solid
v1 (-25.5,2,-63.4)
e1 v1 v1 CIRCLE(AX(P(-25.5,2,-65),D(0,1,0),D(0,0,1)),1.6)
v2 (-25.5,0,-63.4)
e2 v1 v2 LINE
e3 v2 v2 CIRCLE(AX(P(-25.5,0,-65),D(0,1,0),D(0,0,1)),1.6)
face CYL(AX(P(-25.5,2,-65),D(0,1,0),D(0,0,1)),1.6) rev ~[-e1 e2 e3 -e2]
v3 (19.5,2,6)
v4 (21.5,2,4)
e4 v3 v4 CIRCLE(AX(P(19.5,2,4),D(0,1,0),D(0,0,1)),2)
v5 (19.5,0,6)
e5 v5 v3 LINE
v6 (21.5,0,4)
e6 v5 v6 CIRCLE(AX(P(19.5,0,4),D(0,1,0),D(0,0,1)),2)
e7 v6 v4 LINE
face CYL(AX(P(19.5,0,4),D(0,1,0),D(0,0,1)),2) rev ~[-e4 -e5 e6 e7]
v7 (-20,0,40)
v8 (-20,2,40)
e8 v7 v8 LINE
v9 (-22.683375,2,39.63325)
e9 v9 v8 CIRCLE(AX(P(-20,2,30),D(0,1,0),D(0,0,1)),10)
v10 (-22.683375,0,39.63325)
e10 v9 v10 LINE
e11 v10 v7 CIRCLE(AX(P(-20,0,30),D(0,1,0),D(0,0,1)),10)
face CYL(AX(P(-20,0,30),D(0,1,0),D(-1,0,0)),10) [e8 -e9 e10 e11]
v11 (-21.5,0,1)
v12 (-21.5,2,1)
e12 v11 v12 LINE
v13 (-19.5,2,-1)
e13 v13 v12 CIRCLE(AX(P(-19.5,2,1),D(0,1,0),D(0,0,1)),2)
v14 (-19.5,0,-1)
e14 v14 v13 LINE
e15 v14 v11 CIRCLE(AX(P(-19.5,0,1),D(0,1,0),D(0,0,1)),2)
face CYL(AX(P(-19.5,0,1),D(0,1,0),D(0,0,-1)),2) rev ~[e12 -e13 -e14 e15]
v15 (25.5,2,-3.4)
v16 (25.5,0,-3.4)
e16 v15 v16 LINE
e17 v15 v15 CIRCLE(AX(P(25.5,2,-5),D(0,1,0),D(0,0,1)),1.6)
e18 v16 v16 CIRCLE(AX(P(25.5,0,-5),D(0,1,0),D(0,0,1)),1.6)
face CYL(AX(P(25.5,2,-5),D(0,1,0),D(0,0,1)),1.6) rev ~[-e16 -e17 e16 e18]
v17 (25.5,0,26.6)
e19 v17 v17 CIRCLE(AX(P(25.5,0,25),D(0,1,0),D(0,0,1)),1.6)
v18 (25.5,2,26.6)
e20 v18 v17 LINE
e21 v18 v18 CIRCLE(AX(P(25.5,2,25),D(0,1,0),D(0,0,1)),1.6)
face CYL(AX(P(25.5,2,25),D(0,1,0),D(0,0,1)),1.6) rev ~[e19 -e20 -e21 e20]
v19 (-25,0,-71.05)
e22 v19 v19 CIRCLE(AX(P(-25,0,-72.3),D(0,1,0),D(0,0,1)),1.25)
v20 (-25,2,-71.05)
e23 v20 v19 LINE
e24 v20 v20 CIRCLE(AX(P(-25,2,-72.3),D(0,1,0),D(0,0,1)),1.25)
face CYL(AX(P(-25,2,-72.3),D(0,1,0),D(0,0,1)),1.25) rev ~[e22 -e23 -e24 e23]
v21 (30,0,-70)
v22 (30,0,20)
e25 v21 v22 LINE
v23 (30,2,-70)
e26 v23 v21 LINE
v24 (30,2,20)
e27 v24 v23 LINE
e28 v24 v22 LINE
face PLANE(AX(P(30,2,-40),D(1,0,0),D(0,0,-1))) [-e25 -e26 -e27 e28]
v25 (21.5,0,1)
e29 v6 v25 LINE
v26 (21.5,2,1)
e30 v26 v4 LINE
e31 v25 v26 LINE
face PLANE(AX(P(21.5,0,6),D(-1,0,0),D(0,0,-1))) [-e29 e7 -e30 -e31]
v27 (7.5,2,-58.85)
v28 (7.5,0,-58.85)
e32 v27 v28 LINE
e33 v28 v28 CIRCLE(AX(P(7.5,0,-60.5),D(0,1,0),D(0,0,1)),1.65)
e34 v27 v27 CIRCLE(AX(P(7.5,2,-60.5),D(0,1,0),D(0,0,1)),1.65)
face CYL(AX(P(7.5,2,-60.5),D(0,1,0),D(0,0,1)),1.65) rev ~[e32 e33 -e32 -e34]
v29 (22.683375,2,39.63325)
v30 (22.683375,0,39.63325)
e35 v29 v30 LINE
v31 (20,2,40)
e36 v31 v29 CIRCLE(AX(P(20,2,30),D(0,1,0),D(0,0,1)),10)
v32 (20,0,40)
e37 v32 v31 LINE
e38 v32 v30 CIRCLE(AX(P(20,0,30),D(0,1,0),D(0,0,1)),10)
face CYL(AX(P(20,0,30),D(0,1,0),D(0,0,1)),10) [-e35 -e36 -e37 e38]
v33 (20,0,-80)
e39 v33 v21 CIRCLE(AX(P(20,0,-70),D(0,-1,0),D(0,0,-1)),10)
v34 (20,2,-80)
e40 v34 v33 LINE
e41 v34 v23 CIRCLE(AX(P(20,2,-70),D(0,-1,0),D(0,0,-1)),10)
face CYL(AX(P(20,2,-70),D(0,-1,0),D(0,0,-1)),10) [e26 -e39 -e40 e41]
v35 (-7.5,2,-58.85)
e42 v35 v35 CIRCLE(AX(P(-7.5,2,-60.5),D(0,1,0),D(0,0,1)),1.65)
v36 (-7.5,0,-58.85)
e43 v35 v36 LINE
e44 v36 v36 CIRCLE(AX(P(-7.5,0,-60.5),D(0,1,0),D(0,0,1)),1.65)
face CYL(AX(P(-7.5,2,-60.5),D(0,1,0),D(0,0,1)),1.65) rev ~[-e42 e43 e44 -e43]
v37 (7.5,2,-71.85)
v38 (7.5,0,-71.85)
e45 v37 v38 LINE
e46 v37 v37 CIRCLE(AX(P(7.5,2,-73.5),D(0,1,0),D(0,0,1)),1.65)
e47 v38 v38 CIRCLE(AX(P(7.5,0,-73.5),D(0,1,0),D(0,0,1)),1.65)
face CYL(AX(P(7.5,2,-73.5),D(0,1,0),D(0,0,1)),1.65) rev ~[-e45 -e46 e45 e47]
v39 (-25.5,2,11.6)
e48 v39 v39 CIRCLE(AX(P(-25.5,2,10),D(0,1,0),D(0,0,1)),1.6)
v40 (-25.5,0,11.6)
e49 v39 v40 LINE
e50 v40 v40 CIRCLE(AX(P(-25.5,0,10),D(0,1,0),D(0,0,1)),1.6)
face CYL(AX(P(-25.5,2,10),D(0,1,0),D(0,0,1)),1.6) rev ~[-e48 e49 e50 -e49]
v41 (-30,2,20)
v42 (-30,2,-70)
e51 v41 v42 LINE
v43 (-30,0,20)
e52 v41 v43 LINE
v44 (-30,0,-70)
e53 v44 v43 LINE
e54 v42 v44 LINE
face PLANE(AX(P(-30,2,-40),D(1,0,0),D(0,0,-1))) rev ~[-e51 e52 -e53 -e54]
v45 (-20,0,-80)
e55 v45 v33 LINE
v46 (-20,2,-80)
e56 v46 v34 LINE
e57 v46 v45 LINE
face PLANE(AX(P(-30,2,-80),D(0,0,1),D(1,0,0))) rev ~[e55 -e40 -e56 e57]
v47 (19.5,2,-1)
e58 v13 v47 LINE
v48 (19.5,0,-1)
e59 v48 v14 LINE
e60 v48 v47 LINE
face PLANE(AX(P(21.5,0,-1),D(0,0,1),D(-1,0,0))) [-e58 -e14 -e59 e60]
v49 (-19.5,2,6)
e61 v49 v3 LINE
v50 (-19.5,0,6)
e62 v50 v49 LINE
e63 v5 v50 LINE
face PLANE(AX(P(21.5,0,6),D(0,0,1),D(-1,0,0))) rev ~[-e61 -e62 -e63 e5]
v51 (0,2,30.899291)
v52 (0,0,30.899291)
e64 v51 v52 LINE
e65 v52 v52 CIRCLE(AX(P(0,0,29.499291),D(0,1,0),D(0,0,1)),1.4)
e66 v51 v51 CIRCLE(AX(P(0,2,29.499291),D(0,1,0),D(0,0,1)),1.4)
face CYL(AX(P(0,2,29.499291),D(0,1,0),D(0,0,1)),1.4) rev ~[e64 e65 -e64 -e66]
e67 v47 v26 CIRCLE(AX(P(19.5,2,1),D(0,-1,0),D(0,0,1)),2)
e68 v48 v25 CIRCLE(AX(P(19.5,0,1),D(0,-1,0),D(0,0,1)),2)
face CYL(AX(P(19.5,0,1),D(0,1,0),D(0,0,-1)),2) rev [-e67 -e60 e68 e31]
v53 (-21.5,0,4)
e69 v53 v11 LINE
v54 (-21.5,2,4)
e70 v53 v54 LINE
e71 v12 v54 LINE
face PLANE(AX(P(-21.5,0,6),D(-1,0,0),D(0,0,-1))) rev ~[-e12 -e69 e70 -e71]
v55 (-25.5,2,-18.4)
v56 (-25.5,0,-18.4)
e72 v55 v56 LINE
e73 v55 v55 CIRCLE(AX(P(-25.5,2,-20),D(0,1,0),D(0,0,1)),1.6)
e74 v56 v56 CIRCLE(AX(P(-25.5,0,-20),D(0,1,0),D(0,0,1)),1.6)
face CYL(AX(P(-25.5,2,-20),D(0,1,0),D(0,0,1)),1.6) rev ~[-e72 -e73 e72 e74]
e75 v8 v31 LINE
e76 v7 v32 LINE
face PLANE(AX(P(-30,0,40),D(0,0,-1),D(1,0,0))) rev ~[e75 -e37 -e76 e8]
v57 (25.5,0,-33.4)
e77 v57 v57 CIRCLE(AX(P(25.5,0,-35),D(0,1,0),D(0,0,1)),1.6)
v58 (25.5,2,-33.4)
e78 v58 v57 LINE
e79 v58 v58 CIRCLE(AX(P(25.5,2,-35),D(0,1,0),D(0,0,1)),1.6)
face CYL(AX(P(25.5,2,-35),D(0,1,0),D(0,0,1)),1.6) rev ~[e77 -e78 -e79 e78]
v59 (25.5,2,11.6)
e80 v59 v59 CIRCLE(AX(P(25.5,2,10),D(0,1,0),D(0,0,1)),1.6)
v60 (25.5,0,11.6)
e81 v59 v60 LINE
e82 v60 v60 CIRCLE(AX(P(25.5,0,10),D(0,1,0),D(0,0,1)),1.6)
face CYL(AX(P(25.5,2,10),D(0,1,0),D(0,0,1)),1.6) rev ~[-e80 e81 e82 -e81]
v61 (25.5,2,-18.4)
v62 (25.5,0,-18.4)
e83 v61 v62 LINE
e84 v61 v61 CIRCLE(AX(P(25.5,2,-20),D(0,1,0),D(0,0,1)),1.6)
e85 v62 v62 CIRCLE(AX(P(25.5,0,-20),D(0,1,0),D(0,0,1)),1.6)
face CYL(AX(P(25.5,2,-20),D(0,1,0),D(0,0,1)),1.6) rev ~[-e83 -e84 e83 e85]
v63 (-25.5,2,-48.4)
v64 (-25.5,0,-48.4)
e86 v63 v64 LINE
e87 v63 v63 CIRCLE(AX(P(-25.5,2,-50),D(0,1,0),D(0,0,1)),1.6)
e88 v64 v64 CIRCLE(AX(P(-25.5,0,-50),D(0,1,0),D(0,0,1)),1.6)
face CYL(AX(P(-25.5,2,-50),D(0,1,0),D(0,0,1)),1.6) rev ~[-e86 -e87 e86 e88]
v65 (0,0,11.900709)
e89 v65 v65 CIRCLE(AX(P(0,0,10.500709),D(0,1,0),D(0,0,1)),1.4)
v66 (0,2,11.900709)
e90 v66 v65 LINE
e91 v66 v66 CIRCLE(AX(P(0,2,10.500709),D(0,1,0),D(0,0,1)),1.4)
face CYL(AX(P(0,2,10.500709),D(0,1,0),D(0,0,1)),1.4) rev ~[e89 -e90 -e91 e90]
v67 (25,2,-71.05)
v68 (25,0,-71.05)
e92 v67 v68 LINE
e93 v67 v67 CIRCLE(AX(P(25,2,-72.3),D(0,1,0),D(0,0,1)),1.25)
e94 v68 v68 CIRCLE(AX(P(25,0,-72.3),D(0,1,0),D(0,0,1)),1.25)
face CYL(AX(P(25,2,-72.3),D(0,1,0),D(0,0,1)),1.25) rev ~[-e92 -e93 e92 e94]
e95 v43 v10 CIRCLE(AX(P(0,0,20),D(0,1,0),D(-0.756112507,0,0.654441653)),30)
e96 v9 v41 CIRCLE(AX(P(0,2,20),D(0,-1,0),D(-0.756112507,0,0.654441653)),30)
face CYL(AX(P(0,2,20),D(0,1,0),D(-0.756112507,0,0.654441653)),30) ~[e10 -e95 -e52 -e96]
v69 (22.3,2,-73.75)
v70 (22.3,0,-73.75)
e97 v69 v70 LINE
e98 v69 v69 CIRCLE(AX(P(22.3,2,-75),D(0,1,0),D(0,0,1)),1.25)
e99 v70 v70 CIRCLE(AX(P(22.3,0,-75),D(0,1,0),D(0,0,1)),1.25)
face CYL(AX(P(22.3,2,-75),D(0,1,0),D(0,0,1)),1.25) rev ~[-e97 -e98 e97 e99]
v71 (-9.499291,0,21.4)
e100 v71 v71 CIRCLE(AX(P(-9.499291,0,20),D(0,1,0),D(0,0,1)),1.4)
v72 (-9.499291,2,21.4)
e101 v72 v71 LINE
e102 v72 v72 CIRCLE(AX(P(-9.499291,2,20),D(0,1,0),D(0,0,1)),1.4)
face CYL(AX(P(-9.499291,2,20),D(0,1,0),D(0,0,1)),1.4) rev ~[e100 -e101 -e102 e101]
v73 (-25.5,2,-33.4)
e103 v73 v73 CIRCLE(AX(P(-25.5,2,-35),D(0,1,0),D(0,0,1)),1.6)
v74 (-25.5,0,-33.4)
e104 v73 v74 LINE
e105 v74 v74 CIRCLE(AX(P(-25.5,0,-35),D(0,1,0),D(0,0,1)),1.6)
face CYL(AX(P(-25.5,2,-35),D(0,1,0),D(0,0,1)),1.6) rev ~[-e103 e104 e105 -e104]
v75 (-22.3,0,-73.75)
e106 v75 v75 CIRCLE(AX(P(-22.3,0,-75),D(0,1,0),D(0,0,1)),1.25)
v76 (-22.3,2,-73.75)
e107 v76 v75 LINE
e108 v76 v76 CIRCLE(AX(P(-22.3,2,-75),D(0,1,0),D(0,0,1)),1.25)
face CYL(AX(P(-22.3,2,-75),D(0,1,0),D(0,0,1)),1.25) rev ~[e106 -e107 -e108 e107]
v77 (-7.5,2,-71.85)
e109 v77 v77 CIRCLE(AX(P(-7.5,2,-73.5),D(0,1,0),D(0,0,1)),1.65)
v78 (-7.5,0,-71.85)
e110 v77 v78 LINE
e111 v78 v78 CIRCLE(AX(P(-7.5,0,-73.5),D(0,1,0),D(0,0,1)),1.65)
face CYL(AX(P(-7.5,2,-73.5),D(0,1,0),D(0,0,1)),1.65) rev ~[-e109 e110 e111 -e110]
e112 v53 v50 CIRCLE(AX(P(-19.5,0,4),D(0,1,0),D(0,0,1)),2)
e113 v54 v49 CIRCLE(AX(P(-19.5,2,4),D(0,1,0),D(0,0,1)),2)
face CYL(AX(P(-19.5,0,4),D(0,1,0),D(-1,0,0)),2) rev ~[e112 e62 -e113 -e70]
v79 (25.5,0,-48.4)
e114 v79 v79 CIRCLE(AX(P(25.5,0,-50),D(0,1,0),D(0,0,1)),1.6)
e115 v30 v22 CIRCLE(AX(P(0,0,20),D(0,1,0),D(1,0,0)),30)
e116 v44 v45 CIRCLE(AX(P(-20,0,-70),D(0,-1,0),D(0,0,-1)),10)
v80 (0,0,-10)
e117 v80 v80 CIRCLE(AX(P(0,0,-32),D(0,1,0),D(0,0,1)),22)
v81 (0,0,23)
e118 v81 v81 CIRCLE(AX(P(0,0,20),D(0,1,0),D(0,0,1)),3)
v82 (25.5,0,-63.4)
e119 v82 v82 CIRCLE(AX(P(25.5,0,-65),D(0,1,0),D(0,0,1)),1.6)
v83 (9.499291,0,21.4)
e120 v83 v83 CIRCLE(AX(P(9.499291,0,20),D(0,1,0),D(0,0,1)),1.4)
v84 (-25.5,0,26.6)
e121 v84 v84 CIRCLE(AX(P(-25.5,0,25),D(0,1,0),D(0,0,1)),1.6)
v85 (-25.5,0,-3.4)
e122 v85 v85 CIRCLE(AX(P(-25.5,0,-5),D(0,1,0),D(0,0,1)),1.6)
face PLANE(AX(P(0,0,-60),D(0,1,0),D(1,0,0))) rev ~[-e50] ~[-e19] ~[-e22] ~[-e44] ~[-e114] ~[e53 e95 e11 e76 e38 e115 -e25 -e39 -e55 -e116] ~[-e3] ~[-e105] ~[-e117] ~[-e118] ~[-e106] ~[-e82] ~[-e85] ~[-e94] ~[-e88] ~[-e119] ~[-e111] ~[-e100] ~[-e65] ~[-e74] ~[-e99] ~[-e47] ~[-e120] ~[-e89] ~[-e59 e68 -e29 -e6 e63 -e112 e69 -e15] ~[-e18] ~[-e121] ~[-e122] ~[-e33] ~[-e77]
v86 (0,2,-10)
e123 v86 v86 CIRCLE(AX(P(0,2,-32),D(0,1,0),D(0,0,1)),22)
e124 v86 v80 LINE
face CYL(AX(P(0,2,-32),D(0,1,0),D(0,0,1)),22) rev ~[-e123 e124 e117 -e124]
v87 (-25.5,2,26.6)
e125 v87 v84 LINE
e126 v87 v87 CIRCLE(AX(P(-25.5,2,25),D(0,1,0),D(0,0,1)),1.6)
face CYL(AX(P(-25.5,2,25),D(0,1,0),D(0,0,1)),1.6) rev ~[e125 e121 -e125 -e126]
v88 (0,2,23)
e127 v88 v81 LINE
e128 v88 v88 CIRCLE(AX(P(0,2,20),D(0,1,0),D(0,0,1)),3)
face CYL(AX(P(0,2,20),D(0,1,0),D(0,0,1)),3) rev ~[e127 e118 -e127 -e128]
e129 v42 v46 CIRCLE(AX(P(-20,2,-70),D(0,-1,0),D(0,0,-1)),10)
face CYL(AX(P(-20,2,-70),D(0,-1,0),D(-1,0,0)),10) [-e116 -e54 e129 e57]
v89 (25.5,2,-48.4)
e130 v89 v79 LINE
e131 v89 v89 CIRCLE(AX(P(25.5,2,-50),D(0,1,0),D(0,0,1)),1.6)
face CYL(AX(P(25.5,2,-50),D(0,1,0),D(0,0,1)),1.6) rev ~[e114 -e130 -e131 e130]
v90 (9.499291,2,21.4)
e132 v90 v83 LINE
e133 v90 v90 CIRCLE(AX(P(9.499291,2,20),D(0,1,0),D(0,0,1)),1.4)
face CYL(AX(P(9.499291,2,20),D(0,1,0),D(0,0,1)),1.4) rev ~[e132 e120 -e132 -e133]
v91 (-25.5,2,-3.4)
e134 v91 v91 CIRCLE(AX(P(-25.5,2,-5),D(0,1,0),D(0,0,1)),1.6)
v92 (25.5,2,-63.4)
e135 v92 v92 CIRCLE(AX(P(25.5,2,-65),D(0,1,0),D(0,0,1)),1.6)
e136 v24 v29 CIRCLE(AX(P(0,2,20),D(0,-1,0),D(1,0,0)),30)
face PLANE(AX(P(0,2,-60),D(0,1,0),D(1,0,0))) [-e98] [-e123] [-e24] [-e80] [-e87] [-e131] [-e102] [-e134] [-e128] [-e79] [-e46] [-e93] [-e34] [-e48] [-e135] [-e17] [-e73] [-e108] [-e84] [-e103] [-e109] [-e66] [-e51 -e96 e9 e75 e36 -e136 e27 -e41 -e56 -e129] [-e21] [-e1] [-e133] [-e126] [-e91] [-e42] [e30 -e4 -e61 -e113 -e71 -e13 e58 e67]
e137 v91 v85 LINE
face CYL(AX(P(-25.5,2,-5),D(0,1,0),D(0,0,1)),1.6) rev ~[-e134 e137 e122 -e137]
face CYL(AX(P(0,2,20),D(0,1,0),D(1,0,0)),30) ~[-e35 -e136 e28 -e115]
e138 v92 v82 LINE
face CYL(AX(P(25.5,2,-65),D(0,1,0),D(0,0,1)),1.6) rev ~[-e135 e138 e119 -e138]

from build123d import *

# Parameters (mm, degrees)
SKETCH_1_W          = 60
SKETCH_1_H          = 80
EXTRUDE_1_DEPTH     = 2
SKETCH_2_R          = 1.4
CUT_EXTRUDE_1_DEPTH = 50
SKETCH_3_R          = 2
CUT_EXTRUDE_2_DEPTH = 50
SKETCH_5_W          = 60
SKETCH_5_H          = 40
EXTRUDE_2_DEPTH     = 2
SKETCH_6_R          = 22
CUT_EXTRUDE_4_DEPTH = 50
SKETCH_4_R          = 1.65
CUT_EXTRUDE_3_DEPTH = 50
SKETCH_7_R          = 3
CUT_EXTRUDE_5_DEPTH = 14
SKETCH_8_R          = 1.6
CUT_EXTRUDE_6_DEPTH = 10
FILLET_1_R          = 10
CUT_EXTRUDE_7_DEPTH = 10
SKETCH_10_R         = 1.25
CUT_EXTRUDE_8_DEPTH = 10
SKETCH_11_W         = 43
SKETCH_11_H         = 7
CUT_EXTRUDE_9_DEPTH = 10
FILLET_2_R          = 2


with BuildPart() as part:
    # 草图1 → 凸台-拉伸1 (new body)
    with BuildSketch(Plane(origin=(0, 0, 0), x_dir=(1, 0, 0), z_dir=(0, 1, 0))):
        Rectangle(SKETCH_1_W, SKETCH_1_H)
    extrude(amount=EXTRUDE_1_DEPTH)

    # 草图2 → 切除-拉伸1 (cut)
    with BuildSketch(Plane(origin=(0, 2, 0), x_dir=(1, 0, 0), z_dir=(0, 1, 0))):
        with Locations(Location((0, -10.50070918, 0), (0, 0, 270))):
            Circle(SKETCH_2_R)
        with Locations(Location((9.49929082, -20, 0), (0, 0, 270))):
            Circle(SKETCH_2_R)
        with Locations(Location((0, -29.49929082, 0), (0, 0, 270))):
            Circle(SKETCH_2_R)
        with Locations(Location((-9.49929082, -20, 0), (0, 0, 270))):
            Circle(SKETCH_2_R)
    extrude(amount=-CUT_EXTRUDE_1_DEPTH, mode=Mode.SUBTRACT)

    # 草图3 → 切除-拉伸2 (cut)
    with BuildSketch(Plane(origin=(0, 2, 0), x_dir=(1, 0, 0), z_dir=(0, 1, 0))):
        with Locations(Location((0, -20, 0), (0, 0, 270))):
            Circle(SKETCH_3_R)
    extrude(amount=-CUT_EXTRUDE_2_DEPTH, mode=Mode.SUBTRACT)

    # 草图5 → 凸台-拉伸2 (add)
    with BuildSketch(Plane(origin=(0, 2, 0), x_dir=(1, 0, 0), z_dir=(0, 1, 0))):
        with Locations((0, 60)):
            Rectangle(SKETCH_5_W, SKETCH_5_H)
    extrude(amount=-EXTRUDE_2_DEPTH)

    # 草图6 → 切除-拉伸4 (cut)
    with BuildSketch(Plane(origin=(0, 2, 0), x_dir=(1, 0, 0), z_dir=(0, 1, 0))):
        with Locations(Location((0, 32, 0), (0, 0, 270))):
            Circle(SKETCH_6_R)
    extrude(amount=-CUT_EXTRUDE_4_DEPTH, mode=Mode.SUBTRACT)

    # 草图4 → 切除-拉伸3 (cut)
    with BuildSketch(Plane(origin=(0, 2, 0), x_dir=(1, 0, 0), z_dir=(0, 1, 0))):
        with Locations(Location((-7.5, 73.5, 0), (0, 0, 270))):
            Circle(SKETCH_4_R)
        with Locations(Location((7.5, 73.5, 0), (0, 0, 270))):
            Circle(SKETCH_4_R)
        with Locations(Location((7.5, 60.5, 0), (0, 0, 270))):
            Circle(SKETCH_4_R)
        with Locations(Location((-7.5, 60.5, 0), (0, 0, 270))):
            Circle(SKETCH_4_R)
    extrude(amount=-CUT_EXTRUDE_3_DEPTH, mode=Mode.SUBTRACT)

    # 草图7 → 切除-拉伸5 (cut)
    with BuildSketch(Plane(origin=(0, 2, 0), x_dir=(1, 0, 0), z_dir=(0, 1, 0))):
        with Locations(Location((0, -20, 0), (0, 0, 270))):
            Circle(SKETCH_7_R)
    extrude(amount=-CUT_EXTRUDE_5_DEPTH, mode=Mode.SUBTRACT)

    # 草图8 → 切除-拉伸6 (cut)
    with BuildSketch(Plane(origin=(0, 2, 0), x_dir=(1, 0, 0), z_dir=(0, 1, 0))):
        with Locations(Location((-25.5, 20, 0), (0, 0, 270))):
            Circle(SKETCH_8_R)
        with Locations(Location((-25.5, 5, 0), (0, 0, 270))):
            Circle(SKETCH_8_R)
        with Locations(Location((-25.5, -10, 0), (0, 0, 270))):
            Circle(SKETCH_8_R)
        with Locations(Location((-25.5, -25, 0), (0, 0, 270))):
            Circle(SKETCH_8_R)
        with Locations(Location((-25.5, 65, 0), (0, 0, 270))):
            Circle(SKETCH_8_R)
        with Locations(Location((-25.5, 50, 0), (0, 0, 270))):
            Circle(SKETCH_8_R)
        with Locations(Location((-25.5, 35, 0), (0, 0, 270))):
            Circle(SKETCH_8_R)
        with Locations(Location((25.5, 35, 0), (0, 0, 270))):
            Circle(SKETCH_8_R)
        with Locations(Location((25.5, 50, 0), (0, 0, 270))):
            Circle(SKETCH_8_R)
        with Locations(Location((25.5, 65, 0), (0, 0, 270))):
            Circle(SKETCH_8_R)
        with Locations(Location((25.5, -25, 0), (0, 0, 270))):
            Circle(SKETCH_8_R)
        with Locations(Location((25.5, -10, 0), (0, 0, 270))):
            Circle(SKETCH_8_R)
        with Locations(Location((25.5, 5, 0), (0, 0, 270))):
            Circle(SKETCH_8_R)
        with Locations(Location((25.5, 20, 0), (0, 0, 270))):
            Circle(SKETCH_8_R)
    extrude(amount=-CUT_EXTRUDE_6_DEPTH, mode=Mode.SUBTRACT)

    # 圆角1
    fillet_1_edges = [part.edges().sort_by_distance(p)[0] for p in [
        (-30, 1, -80),
        (30, 1, -80),
        (30, 1, 40),
        (-30, 1, 40),
    ]]
    fillet(fillet_1_edges, radius=FILLET_1_R)

    # 草图9 → 切除-拉伸7 (cut)
    with BuildSketch(Plane(origin=(0, 2, 0), x_dir=(1, 0, 0), z_dir=(0, 1, 0))):
        with BuildLine():
            ThreePointArc((-30, -30), (-27.963471357, -36.048398462), (-22.68337521, -39.633249581))
            ThreePointArc((-22.68337521, -39.633249581), (-28.111396766, -30.47613344), (-30, -20))
            Line((-30, -20), (-30, -30))
        make_face()
        with BuildLine():
            ThreePointArc((22.68337521, -39.633249581), (27.963471357, -36.048398462), (30, -30))
            Line((30, -30), (30, -20))
            ThreePointArc((30, -20), (28.111396766, -30.47613344), (22.68337521, -39.633249581))
        make_face()
    extrude(amount=-CUT_EXTRUDE_7_DEPTH, mode=Mode.SUBTRACT)

    # 草图10 → 切除-拉伸8 (cut)
    with BuildSketch(Plane(origin=(0, 2, 0), x_dir=(1, 0, 0), z_dir=(0, 1, 0))):
        with Locations(Location((-22.3, 75, 0), (0, 0, 270))):
            Circle(SKETCH_10_R)
        with Locations(Location((-25, 72.3, 0), (0, 0, 270))):
            Circle(SKETCH_10_R)
        with Locations(Location((25, 72.3, 0), (0, 0, 270))):
            Circle(SKETCH_10_R)
        with Locations(Location((22.3, 75, 0), (0, 0, 270))):
            Circle(SKETCH_10_R)
    extrude(amount=-CUT_EXTRUDE_8_DEPTH, mode=Mode.SUBTRACT)

    # 草图11 → 切除-拉伸9 (cut)
    with BuildSketch(Plane(origin=(0, 0, 0), x_dir=(-1, 0, 0), z_dir=(0, -1, 0))):
        with Locations((0, -2.5)):
            Rectangle(SKETCH_11_W, SKETCH_11_H)
    extrude(amount=-CUT_EXTRUDE_9_DEPTH, mode=Mode.SUBTRACT)

    # 圆角2
    fillet_2_edges = [part.edges().sort_by_distance(p)[0] for p in [
        (21.5, 1, 6),
        (21.5, 1, -1),
        (-21.5, 1, -1),
        (-21.5, 1, 6),
    ]]
    fillet(fillet_2_edges, radius=FILLET_2_R)


solid = part.part
